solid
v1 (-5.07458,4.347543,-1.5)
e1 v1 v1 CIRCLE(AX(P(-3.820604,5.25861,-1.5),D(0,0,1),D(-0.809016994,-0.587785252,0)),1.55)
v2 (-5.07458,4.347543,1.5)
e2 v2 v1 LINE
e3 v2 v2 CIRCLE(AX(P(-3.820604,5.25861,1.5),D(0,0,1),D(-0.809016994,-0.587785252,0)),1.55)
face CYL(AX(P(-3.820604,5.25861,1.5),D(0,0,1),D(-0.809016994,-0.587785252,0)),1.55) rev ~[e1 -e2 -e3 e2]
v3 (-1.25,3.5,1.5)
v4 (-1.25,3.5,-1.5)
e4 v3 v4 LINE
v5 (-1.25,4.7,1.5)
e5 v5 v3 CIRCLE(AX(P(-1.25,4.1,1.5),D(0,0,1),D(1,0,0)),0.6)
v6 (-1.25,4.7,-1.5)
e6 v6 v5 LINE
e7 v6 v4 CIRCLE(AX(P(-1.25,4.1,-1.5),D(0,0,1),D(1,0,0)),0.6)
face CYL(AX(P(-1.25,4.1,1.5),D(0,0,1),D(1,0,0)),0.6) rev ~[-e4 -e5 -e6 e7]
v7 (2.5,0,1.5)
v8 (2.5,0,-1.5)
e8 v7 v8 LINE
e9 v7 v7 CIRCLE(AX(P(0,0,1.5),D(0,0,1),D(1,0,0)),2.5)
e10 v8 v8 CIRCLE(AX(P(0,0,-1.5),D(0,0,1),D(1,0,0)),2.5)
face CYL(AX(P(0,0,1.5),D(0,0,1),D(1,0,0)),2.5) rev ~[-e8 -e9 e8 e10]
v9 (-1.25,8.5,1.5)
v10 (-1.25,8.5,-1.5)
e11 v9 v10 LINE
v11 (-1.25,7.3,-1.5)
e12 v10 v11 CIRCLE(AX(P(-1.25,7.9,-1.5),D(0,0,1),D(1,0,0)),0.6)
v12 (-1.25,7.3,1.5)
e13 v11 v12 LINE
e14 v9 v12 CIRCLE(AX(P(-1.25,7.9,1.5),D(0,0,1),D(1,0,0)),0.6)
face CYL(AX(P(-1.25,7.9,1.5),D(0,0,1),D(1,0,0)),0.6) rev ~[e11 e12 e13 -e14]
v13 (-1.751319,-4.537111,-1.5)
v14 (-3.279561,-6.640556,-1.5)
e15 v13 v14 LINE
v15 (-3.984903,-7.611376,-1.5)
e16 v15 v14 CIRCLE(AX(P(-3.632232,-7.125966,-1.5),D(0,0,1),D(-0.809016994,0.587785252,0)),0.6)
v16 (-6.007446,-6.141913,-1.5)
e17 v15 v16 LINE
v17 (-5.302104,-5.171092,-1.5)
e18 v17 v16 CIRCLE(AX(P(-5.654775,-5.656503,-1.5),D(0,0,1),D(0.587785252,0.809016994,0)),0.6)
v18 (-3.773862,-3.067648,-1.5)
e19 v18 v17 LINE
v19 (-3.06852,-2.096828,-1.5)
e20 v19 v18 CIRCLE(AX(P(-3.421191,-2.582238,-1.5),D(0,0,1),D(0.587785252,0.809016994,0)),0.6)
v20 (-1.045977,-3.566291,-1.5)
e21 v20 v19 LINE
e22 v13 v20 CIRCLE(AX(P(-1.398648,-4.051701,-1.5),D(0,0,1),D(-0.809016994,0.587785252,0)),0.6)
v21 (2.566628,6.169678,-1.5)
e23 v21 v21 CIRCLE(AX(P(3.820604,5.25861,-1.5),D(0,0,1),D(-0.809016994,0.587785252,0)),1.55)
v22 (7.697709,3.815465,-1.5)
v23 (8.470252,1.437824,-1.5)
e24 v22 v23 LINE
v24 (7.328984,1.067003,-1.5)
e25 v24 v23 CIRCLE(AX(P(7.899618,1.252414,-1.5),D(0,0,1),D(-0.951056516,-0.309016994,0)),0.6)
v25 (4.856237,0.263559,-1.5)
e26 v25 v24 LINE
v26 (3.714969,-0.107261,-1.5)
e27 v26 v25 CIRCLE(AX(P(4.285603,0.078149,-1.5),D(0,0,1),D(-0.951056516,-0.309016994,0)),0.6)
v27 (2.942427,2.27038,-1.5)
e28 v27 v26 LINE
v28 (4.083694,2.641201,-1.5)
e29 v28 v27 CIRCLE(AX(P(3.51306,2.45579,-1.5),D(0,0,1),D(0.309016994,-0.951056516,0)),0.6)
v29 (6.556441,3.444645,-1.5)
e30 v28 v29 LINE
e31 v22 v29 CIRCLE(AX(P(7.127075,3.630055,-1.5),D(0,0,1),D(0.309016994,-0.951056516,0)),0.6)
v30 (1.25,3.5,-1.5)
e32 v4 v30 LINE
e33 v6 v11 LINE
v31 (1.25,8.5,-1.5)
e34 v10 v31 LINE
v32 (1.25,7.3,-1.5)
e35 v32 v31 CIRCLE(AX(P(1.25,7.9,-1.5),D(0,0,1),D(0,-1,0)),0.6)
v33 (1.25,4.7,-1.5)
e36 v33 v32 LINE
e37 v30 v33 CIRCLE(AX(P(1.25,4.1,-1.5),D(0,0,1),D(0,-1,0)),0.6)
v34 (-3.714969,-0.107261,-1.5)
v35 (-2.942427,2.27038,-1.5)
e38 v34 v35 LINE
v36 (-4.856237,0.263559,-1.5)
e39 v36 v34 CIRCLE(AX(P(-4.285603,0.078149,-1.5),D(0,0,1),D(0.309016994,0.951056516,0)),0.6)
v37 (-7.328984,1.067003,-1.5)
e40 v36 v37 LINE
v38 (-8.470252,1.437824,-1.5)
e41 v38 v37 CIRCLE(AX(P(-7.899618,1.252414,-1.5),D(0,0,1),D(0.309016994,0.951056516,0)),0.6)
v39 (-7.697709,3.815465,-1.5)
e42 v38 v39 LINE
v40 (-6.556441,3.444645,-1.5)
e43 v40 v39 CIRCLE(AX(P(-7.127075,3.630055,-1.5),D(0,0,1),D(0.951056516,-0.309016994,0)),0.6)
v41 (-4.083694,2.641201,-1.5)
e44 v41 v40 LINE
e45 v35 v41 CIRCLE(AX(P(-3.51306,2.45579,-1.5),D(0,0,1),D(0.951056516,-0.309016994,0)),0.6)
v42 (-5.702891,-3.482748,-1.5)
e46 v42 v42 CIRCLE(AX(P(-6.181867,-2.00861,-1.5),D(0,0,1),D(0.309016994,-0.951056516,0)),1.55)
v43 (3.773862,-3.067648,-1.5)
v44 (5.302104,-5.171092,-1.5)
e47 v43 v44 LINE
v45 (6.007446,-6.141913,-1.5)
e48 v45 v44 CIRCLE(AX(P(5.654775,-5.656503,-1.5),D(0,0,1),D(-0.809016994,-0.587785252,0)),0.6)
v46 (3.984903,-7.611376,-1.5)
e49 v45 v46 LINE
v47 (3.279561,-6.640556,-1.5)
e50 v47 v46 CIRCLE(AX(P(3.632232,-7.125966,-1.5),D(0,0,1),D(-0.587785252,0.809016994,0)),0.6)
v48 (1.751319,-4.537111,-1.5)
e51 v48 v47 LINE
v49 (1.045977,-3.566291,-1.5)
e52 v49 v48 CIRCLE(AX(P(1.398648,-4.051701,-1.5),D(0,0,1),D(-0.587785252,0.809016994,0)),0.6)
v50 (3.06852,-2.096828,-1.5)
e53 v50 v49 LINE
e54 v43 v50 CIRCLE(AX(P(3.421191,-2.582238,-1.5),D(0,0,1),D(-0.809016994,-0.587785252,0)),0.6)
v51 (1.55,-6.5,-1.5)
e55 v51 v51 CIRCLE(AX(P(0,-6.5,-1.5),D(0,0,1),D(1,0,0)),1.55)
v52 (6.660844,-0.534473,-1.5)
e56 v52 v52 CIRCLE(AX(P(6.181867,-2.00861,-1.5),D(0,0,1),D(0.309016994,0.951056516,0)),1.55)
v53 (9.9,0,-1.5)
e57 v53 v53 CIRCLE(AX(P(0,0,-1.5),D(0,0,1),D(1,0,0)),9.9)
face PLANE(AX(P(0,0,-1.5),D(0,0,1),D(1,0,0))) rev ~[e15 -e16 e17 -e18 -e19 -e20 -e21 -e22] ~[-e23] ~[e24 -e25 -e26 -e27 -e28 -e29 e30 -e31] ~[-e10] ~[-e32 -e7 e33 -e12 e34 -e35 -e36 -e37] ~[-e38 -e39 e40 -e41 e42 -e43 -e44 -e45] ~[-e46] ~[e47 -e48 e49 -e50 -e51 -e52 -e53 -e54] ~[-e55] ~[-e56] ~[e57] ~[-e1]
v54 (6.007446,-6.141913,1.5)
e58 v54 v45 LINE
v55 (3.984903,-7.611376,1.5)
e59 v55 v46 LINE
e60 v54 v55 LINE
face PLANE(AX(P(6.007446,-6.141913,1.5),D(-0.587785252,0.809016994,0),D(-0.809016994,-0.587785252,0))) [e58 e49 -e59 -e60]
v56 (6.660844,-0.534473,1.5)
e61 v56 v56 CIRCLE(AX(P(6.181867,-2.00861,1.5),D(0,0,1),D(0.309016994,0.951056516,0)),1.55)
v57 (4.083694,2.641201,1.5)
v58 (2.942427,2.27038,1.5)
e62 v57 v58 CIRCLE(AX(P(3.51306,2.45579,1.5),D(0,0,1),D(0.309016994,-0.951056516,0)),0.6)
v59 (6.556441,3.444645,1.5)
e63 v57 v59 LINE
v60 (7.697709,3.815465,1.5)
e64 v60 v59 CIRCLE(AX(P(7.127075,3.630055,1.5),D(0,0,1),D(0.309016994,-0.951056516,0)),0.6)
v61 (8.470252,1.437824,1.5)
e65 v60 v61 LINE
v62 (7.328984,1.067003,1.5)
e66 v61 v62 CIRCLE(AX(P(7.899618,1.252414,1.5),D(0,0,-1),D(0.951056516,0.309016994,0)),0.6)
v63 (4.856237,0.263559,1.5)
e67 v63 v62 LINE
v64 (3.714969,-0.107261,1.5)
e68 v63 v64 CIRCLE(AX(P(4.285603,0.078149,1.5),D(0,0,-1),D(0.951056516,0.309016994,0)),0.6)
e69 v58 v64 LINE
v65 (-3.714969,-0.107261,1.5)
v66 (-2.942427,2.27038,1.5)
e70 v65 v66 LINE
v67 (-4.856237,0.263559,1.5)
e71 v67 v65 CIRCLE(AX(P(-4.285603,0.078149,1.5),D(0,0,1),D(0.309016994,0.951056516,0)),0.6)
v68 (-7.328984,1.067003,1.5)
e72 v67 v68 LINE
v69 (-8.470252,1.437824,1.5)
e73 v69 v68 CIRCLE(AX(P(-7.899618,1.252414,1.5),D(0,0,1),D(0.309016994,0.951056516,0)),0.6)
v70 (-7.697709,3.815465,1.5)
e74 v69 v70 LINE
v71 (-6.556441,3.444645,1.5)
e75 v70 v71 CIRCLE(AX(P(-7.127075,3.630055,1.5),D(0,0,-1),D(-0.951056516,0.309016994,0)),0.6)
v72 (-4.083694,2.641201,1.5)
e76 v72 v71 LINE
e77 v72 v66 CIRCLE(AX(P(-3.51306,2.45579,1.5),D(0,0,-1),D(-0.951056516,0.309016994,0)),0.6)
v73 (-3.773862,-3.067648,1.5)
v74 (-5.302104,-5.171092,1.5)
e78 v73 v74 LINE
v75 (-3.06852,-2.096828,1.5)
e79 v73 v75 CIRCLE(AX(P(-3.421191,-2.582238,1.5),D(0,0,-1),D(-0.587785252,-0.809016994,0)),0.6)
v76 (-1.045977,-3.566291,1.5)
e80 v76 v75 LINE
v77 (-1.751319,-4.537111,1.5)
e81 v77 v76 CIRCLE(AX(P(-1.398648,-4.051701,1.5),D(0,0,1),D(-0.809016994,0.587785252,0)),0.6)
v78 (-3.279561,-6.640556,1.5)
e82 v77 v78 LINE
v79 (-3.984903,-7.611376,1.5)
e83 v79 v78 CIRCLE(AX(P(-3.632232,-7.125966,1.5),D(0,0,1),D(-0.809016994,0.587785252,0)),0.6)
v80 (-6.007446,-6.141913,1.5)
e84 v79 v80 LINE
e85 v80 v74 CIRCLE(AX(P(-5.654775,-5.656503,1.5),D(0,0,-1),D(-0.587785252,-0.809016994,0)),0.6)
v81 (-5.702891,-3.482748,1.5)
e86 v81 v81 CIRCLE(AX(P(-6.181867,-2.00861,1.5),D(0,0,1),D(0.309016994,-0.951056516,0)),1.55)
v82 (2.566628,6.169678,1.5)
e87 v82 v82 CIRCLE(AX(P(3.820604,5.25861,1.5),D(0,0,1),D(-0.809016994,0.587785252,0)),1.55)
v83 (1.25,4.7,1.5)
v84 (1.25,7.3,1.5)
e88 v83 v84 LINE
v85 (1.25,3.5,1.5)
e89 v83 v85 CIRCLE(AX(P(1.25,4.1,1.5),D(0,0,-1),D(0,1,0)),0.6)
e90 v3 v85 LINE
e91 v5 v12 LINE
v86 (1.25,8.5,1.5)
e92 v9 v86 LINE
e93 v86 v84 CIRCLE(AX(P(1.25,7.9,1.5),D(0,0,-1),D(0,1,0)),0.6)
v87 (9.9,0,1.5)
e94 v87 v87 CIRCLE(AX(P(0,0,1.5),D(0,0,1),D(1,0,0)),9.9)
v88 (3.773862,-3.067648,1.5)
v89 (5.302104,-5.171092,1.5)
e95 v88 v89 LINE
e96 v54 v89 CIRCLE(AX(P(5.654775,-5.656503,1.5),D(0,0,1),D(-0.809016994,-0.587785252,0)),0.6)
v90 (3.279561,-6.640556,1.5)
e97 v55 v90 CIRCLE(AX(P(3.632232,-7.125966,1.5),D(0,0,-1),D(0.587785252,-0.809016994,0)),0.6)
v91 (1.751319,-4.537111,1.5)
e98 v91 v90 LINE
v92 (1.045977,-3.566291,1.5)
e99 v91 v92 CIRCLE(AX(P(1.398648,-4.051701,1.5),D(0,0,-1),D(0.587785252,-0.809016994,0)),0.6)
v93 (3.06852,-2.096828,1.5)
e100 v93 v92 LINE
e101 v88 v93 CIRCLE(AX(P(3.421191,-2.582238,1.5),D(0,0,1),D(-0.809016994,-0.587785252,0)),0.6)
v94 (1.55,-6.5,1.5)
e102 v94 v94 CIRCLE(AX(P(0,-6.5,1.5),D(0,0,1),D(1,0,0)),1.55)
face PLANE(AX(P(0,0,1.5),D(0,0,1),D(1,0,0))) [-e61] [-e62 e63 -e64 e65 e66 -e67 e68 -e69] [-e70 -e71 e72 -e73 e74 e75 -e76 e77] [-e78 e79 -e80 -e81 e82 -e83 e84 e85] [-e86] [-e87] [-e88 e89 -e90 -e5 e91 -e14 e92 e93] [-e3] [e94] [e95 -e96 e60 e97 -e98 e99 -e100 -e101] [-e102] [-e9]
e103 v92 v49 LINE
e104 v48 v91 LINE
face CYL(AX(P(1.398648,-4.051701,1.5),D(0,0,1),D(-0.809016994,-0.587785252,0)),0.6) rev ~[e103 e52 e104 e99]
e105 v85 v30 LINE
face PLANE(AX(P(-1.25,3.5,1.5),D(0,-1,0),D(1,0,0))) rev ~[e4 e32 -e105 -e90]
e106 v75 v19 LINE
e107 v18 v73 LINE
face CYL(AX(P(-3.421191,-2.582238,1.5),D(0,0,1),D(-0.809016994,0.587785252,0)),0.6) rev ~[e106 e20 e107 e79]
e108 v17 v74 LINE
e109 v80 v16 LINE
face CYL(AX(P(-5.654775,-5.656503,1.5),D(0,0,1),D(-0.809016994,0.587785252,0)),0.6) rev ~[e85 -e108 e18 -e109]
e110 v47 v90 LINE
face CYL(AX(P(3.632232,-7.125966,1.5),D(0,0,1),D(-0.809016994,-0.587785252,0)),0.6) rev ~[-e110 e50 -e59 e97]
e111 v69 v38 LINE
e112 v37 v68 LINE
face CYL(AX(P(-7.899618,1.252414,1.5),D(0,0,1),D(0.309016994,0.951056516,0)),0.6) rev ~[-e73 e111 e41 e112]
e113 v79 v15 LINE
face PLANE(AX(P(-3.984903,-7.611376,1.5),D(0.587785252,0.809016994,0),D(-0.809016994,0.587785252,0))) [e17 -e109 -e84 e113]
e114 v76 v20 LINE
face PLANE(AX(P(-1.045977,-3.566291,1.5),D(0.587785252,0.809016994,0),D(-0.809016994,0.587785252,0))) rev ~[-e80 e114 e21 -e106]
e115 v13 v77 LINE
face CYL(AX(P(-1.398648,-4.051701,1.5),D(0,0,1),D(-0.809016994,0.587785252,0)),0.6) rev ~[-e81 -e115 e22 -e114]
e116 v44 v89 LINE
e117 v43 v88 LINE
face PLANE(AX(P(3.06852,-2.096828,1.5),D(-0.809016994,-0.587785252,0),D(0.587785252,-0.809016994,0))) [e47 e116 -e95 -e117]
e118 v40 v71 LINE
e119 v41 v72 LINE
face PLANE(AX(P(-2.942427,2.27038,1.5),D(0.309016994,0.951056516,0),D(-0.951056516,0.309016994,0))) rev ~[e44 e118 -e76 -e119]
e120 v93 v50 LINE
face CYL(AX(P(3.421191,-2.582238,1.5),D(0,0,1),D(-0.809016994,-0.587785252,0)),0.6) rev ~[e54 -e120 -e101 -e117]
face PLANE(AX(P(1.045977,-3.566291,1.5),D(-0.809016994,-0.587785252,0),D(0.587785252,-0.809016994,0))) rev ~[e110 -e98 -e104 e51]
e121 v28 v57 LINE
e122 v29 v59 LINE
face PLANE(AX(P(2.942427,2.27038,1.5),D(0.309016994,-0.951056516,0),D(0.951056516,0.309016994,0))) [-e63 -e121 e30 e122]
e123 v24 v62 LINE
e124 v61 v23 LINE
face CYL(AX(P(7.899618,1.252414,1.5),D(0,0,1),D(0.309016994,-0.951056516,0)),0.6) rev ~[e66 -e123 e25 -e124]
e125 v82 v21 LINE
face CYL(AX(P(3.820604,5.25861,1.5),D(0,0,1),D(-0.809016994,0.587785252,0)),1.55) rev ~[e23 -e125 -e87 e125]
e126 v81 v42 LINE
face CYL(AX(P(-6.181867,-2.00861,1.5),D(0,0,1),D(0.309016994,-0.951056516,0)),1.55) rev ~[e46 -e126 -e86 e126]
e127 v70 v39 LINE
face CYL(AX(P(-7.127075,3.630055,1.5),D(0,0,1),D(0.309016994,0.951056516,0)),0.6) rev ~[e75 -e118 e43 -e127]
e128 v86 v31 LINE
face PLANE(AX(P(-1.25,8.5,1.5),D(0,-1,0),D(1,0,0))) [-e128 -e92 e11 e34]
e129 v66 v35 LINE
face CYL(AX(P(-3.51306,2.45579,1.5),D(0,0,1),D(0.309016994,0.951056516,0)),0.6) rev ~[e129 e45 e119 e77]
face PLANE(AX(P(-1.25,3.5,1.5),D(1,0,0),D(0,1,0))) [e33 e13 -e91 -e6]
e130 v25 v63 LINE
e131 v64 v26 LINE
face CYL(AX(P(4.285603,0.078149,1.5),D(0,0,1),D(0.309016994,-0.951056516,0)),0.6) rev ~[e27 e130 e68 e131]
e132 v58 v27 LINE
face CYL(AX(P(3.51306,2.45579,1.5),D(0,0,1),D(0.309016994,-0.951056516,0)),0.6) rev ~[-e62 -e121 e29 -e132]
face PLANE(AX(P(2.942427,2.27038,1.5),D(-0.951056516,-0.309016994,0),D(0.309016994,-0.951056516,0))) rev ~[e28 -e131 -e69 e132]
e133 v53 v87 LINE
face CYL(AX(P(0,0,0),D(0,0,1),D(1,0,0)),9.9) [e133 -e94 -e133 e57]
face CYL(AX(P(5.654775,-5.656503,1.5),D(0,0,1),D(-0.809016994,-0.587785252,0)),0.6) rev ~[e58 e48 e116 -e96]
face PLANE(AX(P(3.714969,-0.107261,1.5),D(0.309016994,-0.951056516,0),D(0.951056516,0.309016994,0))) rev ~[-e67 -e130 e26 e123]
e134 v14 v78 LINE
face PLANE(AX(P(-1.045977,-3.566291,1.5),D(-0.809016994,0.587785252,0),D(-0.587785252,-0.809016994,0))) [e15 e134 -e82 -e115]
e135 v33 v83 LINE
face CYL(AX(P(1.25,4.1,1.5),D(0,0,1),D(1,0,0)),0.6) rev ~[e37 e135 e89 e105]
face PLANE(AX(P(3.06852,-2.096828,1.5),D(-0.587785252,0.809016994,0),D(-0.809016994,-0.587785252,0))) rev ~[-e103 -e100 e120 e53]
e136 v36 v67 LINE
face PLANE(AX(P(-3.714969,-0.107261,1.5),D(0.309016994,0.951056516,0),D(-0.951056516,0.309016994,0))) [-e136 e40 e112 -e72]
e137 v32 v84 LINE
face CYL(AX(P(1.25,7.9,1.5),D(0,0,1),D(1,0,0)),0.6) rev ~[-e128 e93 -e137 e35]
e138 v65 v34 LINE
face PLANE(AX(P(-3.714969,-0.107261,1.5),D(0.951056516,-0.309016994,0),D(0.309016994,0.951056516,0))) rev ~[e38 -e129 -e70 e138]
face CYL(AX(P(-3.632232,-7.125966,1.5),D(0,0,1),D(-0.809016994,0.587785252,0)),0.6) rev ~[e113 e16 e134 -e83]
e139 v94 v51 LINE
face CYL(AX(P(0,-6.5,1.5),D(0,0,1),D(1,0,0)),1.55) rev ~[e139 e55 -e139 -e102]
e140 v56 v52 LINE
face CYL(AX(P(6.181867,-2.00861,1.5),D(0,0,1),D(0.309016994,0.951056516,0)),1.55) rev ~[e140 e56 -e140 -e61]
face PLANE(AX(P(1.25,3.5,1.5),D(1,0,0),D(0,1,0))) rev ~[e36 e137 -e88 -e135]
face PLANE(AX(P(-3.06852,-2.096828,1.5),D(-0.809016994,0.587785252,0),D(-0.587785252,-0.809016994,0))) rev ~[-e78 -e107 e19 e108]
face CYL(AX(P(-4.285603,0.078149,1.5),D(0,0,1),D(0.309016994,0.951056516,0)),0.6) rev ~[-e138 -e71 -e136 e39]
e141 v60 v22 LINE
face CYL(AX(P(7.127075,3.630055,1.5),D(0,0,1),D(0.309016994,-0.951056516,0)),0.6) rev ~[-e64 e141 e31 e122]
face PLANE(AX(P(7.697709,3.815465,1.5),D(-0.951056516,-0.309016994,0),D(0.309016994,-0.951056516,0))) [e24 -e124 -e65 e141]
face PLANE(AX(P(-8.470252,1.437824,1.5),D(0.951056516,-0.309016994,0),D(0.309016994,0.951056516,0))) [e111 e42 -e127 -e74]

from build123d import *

# Parameters (mm, degrees)
SKETCH_1_R               = 9.9
EXTRUDE_1_DEPTH          = 1.5
SKETCH_2_R               = 1.55
SKETCH_2_W               = 2.5
SKETCH_2_H               = 5
CUT_EXTRUDE_1_DEPTH      = 4
PATTERN_CIRCULAR_1_COUNT = 5
SKETCH_3_R               = 0.6
CUT_EXTRUDE_2_DEPTH      = 4
PATTERN_CIRCULAR_2_COUNT = 5
SKETCH_4_R               = 2.5
CUT_EXTRUDE_3_DEPTH      = 4


with BuildPart() as part:
    # 草图1 → 凸台-拉伸1 (new body, symmetric)
    with BuildSketch(Plane.XY):
        Circle(SKETCH_1_R)
    extrude(amount=EXTRUDE_1_DEPTH, both=True)

    # 草图2 → 切除-拉伸1 (cut, through all)
    with BuildSketch(Plane.XY.offset(1.5)):
        with Locations((0, -6.5)):
            Circle(SKETCH_2_R)
        with Locations((0, 6)):
            Rectangle(SKETCH_2_W, SKETCH_2_H)
    cut_extrude_1 = extrude(amount=-CUT_EXTRUDE_1_DEPTH, mode=Mode.SUBTRACT)

    # 阵列(圆周)1: 切除-拉伸1 ×5 about axis
    pattern_circular_1_axis = Axis((0, 0, 0), (0, 0, 1))
    for i in range(1, PATTERN_CIRCULAR_1_COUNT):
        add(cut_extrude_1.rotate(pattern_circular_1_axis, i * 360 / PATTERN_CIRCULAR_1_COUNT), mode=Mode.SUBTRACT)

    # 草图3 → 切除-拉伸2 (cut, through all)
    with BuildSketch(Plane.XY.offset(1.5)):
        with Locations((1.25, 7.9)):
            Circle(SKETCH_3_R)
        with Locations((-1.25, 7.9)):
            Circle(SKETCH_3_R)
        with Locations((-1.25, 4.1)):
            Circle(SKETCH_3_R)
        with Locations((1.25, 4.1)):
            Circle(SKETCH_3_R)
    cut_extrude_2 = extrude(amount=-CUT_EXTRUDE_2_DEPTH, mode=Mode.SUBTRACT)

    # 阵列(圆周)2: 切除-拉伸2 ×5 about axis
    pattern_circular_2_axis = Axis((0, 0, 0), (0, 0, 1))
    for i in range(1, PATTERN_CIRCULAR_2_COUNT):
        add(cut_extrude_2.rotate(pattern_circular_2_axis, i * 360 / PATTERN_CIRCULAR_2_COUNT), mode=Mode.SUBTRACT)

    # 草图4 → 切除-拉伸3 (cut, through all)
    with BuildSketch(Plane.XY.offset(1.5)):
        Circle(SKETCH_4_R)
    extrude(amount=-CUT_EXTRUDE_3_DEPTH, mode=Mode.SUBTRACT)


solid = part.part
